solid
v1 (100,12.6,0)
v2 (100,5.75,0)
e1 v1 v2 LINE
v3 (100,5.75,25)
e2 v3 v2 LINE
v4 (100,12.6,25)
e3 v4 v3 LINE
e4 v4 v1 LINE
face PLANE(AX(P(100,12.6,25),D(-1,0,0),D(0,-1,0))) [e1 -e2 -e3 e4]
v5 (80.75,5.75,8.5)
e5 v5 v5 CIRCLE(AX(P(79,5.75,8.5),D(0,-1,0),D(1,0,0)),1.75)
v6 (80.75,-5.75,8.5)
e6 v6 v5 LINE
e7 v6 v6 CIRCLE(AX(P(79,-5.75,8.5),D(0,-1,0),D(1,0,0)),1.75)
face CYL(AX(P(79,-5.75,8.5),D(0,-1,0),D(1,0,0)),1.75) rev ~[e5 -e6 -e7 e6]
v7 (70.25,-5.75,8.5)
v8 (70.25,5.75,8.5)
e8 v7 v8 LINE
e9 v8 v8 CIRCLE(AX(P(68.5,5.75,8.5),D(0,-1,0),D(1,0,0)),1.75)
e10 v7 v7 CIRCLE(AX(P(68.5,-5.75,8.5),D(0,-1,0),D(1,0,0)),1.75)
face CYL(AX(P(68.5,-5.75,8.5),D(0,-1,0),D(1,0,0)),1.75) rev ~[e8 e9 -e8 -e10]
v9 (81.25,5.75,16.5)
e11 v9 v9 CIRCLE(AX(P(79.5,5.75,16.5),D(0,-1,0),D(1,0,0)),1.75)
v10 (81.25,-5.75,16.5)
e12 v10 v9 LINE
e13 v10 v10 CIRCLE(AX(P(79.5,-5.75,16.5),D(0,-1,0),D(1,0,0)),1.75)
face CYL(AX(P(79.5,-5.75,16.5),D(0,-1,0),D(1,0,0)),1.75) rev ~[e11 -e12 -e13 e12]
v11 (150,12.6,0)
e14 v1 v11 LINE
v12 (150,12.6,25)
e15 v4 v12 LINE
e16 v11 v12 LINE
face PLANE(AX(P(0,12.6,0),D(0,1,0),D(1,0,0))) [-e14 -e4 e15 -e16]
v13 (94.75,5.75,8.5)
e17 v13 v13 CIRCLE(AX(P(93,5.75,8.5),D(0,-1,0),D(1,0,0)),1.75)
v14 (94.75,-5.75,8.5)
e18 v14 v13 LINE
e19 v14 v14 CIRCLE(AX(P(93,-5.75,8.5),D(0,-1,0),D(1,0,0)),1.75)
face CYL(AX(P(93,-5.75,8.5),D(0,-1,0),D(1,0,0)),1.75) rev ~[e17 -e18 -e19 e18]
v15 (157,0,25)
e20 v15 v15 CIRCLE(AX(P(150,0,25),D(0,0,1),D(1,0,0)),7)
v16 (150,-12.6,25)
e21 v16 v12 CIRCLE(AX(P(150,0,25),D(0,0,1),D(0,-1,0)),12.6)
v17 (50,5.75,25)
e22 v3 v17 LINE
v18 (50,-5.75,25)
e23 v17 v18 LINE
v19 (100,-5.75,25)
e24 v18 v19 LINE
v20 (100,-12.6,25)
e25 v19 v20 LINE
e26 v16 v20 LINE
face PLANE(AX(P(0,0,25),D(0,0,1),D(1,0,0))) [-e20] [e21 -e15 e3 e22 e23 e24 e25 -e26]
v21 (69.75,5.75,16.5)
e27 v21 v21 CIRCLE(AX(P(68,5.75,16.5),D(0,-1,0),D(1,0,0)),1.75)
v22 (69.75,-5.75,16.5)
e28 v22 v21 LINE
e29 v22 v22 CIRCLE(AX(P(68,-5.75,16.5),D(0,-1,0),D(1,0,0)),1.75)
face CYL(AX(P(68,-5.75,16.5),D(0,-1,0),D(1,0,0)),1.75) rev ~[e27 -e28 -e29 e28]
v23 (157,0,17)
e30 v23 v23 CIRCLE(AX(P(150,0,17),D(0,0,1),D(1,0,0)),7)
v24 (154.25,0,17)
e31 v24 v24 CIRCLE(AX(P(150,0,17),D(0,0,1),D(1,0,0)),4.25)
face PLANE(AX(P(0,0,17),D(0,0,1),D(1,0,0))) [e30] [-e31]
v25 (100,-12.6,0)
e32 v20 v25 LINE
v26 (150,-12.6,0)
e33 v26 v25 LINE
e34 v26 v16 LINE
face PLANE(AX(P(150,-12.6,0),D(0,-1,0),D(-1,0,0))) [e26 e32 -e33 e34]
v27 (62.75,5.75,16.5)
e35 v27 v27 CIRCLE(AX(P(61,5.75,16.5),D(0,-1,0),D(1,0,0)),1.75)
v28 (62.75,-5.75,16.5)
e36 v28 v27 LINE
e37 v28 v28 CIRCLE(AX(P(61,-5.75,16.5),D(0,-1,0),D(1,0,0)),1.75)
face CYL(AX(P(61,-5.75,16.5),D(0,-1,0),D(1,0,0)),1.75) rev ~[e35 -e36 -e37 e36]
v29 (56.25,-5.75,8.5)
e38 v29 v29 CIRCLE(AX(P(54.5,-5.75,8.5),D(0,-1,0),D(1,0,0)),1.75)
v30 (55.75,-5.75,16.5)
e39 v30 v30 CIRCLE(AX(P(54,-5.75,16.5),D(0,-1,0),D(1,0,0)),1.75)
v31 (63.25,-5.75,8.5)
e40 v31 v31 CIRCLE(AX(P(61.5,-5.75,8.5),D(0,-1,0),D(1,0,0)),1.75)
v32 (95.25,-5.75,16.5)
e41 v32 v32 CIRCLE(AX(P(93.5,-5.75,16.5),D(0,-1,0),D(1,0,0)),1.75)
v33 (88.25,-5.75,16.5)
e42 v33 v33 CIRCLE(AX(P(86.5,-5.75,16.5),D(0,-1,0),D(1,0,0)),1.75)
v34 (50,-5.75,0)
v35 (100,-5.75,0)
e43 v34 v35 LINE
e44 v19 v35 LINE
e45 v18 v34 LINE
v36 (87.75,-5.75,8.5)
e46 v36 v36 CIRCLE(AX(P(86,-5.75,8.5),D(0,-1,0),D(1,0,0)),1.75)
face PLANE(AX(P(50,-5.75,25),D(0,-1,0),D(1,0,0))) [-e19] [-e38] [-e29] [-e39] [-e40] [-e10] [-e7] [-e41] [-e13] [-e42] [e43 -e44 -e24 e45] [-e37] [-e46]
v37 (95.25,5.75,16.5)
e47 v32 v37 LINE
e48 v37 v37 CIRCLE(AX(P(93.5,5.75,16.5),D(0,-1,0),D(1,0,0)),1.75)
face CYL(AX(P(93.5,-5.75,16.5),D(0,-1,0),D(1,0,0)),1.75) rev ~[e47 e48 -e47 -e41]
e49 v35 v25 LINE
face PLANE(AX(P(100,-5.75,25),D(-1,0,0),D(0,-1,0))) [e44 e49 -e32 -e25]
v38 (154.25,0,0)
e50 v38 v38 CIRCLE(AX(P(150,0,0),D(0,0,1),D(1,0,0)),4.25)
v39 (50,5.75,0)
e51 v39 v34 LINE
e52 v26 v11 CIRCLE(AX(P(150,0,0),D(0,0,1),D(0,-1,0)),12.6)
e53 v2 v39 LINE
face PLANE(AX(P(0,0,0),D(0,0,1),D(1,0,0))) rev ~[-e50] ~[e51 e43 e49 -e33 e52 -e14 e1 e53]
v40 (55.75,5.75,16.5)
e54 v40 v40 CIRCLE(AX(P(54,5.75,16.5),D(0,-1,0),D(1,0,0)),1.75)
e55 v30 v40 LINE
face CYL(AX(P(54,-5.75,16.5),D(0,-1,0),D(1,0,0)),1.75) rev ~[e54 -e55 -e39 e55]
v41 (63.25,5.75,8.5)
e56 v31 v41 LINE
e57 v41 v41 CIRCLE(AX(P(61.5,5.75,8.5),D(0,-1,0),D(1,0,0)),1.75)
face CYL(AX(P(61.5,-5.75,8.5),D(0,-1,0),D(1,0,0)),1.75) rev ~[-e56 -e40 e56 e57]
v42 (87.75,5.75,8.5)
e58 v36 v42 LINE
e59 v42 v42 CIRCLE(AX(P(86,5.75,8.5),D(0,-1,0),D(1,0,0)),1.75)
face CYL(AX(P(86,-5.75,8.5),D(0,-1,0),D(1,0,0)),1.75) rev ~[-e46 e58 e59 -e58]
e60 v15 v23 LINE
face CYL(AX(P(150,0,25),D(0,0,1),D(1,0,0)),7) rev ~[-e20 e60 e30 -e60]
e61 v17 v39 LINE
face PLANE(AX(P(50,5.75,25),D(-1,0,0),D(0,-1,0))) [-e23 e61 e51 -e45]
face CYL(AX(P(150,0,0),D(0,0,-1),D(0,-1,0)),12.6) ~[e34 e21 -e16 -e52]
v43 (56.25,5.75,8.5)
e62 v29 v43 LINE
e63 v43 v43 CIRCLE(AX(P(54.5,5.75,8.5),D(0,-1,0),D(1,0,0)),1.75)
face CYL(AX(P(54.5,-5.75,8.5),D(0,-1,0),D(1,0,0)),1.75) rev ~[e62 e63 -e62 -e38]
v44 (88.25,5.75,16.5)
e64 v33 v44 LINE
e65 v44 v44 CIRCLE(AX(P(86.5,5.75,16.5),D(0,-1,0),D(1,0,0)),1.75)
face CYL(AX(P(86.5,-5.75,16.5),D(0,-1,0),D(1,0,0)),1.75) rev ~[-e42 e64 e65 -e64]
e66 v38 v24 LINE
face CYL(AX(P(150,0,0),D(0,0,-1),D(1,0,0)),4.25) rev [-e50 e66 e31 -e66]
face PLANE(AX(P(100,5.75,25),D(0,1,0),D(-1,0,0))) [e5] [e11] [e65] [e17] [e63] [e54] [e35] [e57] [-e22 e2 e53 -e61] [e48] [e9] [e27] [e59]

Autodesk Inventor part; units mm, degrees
ref_plane "YZ Plane" through (0, 0, 0) normal (1, 0, 0) x (0, 1, 0)
ref_plane "XZ Plane" through (0, 0, 0) normal (0, 1, 0) x (-1, 0, 0)
ref_plane "XY Plane" through (0, 0, 0) normal (0, 0, 1) x (1, 0, 0)
sketch "Sketch1" plane through (0, 0, 0) normal (0, 0, 1) x (1, 0, 0)
  line L0 (0, 12.6) -> (150, 12.6)
  arc A0 (150, -12.6) -> (150, 12.6) centre (150, 0) ccw
  line L1 (150, -12.6) -> (0, -12.6)
  arc A1 (0, 12.6) -> (0, -12.6) centre (0, 0) ccw
  circle A2 centre (0, 0) radius 7.5
  circle A3 centre (150, 0) radius 4.25
  dimension "d0" = 150
  dimension "d2" = 12.6
  dimension "d3" = 15
  dimension "d4" = 8.5
extrude "Extrusion1" add sketch "Sketch1" along normal blind 25
sketch "Sketch2" plane through (0, 0, 25) normal (0, 0, 1) x (1, 0, 0)
  circle A0 centre (0, 0) radius 7.5 projected
  arc A1 (0, 12.6) -> (0, -12.6) centre (0, 0) ccw projected
  circle A2 centre (0, 0) radius 11
  dimension "d7" = 22
extrude "Extrusion2" cut sketch "Sketch2" against normal blind 7
sketch "Sketch4" plane through (0, 0, 25) normal (0, 0, 1) x (1, 0, 0)
  circle A0 centre (0, 0) radius 11 projected
  circle A1 centre (20, 0) radius 1.75
  circle A2 centre (40, 0) radius 1.75
  dimension "d16" = 20
  dimension "d17" = 40
  dimension "d23" = 3.5
extrude "Extrusion3" cut sketch "Sketch4" against normal through all contours A1 | A2
sketch "Sketch5" plane through (0, 0, 25) normal (0, 0, 1) x (1, 0, 0)
  circle A0 centre (20, 0) radius 1.75 projected
  circle A1 centre (40, 0) radius 1.75 projected
  circle A2 centre (40, 0) radius 3
  circle A3 centre (20, 0) radius 3
  dimension "d28" = 6
extrude "Extrusion4" cut sketch "Sketch5" against normal blind 3
sketch "Sketch6" plane through (0, 0, 25) normal (0, 0, 1) x (1, 0, 0)
  line L0 (150, 12.6) -> (0, 12.6) projected
  arc A0 (0, 12.6) -> (0, -12.6) centre (0, 0) ccw projected
  line L1 (0, -12.6) -> (150, -12.6) projected
  arc A1 (12.1445, 12.6) -> (12.1445, -12.6) centre (0, 0) ccw
  dimension "d24" = 35
extrude "Extrusion5" add sketch "Sketch6" against normal up to surface (25 mm away)
sketch "Sketch7" plane through (0, 0, 25) normal (0, 0, 1) x (1, 0, 0)
  circle A0 centre (150, 0) radius 4.25 projected
  arc A1 (150, -12.6) -> (150, 12.6) centre (150, 0) ccw projected
  circle A2 centre (150, 0) radius 7
  dimension "d30" = 14
extrude "Extrusion6" cut sketch "Sketch7" against normal blind 8
fillet "Fillet1" radius 3.5 1 edges at (-7.5, 0, 18)
sketch "Sketch8" plane through (0, 0, 25) normal (0, 0, 1) x (1, 0, 0)
  circle A0 centre (150, 0) radius 7 projected
  line L0 (150, 12.6) -> (12.1445, 12.6) projected
  arc A1 (12.1445, 12.6) -> (12.1445, -12.6) centre (0, 0) ccw projected
  line L1 (12.1445, -12.6) -> (150, -12.6) projected
  line L2 (100, 12.6) -> (100, 5.75)
  line L3 (100, 5.75) -> (50, 5.75)
  line L4 (50, 5.75) -> (50, -5.75)
  line L5 (50, -5.75) -> (100, -5.75)
  line L6 (100, -5.75) -> (100, -12.6)
  dimension "d35" = 50
  dimension "d36" = 50
  dimension "d37" = 11.5
extrude "Extrusion7" cut sketch "Sketch8" against normal through all contours L2 L3 L4 L5 L6 L1 A1 L0
sketch "Sketch9" plane through (50, -5.75, 25) normal (0, -1, 0) x (1, 0, 0)
  line L0 (0, 0) -> (0, -25) projected
  line L1 (4.5, -8.5) -> (12.5, -8.5) construction
  line L2 (12.5, -8.5) -> (12.5, -16.5) construction
  line L3 (12.5, -16.5) -> (4.5, -16.5) construction
  line L4 (4.5, -16.5) -> (4.5, -8.5) construction
  line L5 (12.5, -16.5) -> (20.5, -16.5) construction
  line L6 (20.5, -16.5) -> (20.5, -8.5) construction
  line L7 (20.5, -8.5) -> (12.5, -8.5) construction
  line L8 (12.5, -8.5) -> (12.5, -16.5) construction
  circle A0 centre (4.5, -16.5) radius 1.75
  circle A1 centre (4, -8.5) radius 1.75
  circle A2 centre (11.5, -16.5) radius 1.75
  circle A3 centre (11, -8.5) radius 1.75
  circle A4 centre (18.5, -16.5) radius 1.75
  circle A5 centre (18, -8.5) radius 1.75
  line L9 (29.5, -8.5) -> (37.5, -8.5) construction
  line L10 (37.5, -8.5) -> (37.5, -16.5) construction
  line L11 (37.5, -16.5) -> (29.5, -16.5) construction
  line L12 (29.5, -16.5) -> (29.5, -8.5) construction
  line L13 (37.5, -16.5) -> (45.5, -16.5) construction
  line L14 (45.5, -16.5) -> (45.5, -8.5) construction
  line L15 (45.5, -8.5) -> (37.5, -8.5) construction
  line L16 (37.5, -8.5) -> (37.5, -16.5) construction
  circle A6 centre (29.5, -8.5) radius 1.75
  circle A7 centre (29, -16.5) radius 1.75
  circle A8 centre (36.5, -8.5) radius 1.75
  circle A9 centre (36, -16.5) radius 1.75
  circle A10 centre (43.5, -8.5) radius 1.75
  circle A11 centre (43, -16.5) radius 1.75
  point P0 (-50, -25)
  point P1 (0, -12.5)
  point P2 (12.5, -12.5)
  point P3 (12.5, -12.5)
  point P4 (37.5, -12.5)
  dimension "d40" = 12.5
  dimension "d41" = 8
  dimension "d42" = 0.5
  dimension "d43" = 1
  dimension "d44" = 1.5
  dimension "d45" = 2
  dimension "d46" = 2.5
  dimension "d47" = 3.5
  dimension "d48" = 25
  dimension "d49" = 0.5
  dimension "d50" = 1
  dimension "d51" = 1.5
  dimension "d52" = 2
  dimension "d53" = 2.5
extrude "Extrusion8" cut sketch "Sketch9" against normal through all
properties part number "driven arm2_2"
